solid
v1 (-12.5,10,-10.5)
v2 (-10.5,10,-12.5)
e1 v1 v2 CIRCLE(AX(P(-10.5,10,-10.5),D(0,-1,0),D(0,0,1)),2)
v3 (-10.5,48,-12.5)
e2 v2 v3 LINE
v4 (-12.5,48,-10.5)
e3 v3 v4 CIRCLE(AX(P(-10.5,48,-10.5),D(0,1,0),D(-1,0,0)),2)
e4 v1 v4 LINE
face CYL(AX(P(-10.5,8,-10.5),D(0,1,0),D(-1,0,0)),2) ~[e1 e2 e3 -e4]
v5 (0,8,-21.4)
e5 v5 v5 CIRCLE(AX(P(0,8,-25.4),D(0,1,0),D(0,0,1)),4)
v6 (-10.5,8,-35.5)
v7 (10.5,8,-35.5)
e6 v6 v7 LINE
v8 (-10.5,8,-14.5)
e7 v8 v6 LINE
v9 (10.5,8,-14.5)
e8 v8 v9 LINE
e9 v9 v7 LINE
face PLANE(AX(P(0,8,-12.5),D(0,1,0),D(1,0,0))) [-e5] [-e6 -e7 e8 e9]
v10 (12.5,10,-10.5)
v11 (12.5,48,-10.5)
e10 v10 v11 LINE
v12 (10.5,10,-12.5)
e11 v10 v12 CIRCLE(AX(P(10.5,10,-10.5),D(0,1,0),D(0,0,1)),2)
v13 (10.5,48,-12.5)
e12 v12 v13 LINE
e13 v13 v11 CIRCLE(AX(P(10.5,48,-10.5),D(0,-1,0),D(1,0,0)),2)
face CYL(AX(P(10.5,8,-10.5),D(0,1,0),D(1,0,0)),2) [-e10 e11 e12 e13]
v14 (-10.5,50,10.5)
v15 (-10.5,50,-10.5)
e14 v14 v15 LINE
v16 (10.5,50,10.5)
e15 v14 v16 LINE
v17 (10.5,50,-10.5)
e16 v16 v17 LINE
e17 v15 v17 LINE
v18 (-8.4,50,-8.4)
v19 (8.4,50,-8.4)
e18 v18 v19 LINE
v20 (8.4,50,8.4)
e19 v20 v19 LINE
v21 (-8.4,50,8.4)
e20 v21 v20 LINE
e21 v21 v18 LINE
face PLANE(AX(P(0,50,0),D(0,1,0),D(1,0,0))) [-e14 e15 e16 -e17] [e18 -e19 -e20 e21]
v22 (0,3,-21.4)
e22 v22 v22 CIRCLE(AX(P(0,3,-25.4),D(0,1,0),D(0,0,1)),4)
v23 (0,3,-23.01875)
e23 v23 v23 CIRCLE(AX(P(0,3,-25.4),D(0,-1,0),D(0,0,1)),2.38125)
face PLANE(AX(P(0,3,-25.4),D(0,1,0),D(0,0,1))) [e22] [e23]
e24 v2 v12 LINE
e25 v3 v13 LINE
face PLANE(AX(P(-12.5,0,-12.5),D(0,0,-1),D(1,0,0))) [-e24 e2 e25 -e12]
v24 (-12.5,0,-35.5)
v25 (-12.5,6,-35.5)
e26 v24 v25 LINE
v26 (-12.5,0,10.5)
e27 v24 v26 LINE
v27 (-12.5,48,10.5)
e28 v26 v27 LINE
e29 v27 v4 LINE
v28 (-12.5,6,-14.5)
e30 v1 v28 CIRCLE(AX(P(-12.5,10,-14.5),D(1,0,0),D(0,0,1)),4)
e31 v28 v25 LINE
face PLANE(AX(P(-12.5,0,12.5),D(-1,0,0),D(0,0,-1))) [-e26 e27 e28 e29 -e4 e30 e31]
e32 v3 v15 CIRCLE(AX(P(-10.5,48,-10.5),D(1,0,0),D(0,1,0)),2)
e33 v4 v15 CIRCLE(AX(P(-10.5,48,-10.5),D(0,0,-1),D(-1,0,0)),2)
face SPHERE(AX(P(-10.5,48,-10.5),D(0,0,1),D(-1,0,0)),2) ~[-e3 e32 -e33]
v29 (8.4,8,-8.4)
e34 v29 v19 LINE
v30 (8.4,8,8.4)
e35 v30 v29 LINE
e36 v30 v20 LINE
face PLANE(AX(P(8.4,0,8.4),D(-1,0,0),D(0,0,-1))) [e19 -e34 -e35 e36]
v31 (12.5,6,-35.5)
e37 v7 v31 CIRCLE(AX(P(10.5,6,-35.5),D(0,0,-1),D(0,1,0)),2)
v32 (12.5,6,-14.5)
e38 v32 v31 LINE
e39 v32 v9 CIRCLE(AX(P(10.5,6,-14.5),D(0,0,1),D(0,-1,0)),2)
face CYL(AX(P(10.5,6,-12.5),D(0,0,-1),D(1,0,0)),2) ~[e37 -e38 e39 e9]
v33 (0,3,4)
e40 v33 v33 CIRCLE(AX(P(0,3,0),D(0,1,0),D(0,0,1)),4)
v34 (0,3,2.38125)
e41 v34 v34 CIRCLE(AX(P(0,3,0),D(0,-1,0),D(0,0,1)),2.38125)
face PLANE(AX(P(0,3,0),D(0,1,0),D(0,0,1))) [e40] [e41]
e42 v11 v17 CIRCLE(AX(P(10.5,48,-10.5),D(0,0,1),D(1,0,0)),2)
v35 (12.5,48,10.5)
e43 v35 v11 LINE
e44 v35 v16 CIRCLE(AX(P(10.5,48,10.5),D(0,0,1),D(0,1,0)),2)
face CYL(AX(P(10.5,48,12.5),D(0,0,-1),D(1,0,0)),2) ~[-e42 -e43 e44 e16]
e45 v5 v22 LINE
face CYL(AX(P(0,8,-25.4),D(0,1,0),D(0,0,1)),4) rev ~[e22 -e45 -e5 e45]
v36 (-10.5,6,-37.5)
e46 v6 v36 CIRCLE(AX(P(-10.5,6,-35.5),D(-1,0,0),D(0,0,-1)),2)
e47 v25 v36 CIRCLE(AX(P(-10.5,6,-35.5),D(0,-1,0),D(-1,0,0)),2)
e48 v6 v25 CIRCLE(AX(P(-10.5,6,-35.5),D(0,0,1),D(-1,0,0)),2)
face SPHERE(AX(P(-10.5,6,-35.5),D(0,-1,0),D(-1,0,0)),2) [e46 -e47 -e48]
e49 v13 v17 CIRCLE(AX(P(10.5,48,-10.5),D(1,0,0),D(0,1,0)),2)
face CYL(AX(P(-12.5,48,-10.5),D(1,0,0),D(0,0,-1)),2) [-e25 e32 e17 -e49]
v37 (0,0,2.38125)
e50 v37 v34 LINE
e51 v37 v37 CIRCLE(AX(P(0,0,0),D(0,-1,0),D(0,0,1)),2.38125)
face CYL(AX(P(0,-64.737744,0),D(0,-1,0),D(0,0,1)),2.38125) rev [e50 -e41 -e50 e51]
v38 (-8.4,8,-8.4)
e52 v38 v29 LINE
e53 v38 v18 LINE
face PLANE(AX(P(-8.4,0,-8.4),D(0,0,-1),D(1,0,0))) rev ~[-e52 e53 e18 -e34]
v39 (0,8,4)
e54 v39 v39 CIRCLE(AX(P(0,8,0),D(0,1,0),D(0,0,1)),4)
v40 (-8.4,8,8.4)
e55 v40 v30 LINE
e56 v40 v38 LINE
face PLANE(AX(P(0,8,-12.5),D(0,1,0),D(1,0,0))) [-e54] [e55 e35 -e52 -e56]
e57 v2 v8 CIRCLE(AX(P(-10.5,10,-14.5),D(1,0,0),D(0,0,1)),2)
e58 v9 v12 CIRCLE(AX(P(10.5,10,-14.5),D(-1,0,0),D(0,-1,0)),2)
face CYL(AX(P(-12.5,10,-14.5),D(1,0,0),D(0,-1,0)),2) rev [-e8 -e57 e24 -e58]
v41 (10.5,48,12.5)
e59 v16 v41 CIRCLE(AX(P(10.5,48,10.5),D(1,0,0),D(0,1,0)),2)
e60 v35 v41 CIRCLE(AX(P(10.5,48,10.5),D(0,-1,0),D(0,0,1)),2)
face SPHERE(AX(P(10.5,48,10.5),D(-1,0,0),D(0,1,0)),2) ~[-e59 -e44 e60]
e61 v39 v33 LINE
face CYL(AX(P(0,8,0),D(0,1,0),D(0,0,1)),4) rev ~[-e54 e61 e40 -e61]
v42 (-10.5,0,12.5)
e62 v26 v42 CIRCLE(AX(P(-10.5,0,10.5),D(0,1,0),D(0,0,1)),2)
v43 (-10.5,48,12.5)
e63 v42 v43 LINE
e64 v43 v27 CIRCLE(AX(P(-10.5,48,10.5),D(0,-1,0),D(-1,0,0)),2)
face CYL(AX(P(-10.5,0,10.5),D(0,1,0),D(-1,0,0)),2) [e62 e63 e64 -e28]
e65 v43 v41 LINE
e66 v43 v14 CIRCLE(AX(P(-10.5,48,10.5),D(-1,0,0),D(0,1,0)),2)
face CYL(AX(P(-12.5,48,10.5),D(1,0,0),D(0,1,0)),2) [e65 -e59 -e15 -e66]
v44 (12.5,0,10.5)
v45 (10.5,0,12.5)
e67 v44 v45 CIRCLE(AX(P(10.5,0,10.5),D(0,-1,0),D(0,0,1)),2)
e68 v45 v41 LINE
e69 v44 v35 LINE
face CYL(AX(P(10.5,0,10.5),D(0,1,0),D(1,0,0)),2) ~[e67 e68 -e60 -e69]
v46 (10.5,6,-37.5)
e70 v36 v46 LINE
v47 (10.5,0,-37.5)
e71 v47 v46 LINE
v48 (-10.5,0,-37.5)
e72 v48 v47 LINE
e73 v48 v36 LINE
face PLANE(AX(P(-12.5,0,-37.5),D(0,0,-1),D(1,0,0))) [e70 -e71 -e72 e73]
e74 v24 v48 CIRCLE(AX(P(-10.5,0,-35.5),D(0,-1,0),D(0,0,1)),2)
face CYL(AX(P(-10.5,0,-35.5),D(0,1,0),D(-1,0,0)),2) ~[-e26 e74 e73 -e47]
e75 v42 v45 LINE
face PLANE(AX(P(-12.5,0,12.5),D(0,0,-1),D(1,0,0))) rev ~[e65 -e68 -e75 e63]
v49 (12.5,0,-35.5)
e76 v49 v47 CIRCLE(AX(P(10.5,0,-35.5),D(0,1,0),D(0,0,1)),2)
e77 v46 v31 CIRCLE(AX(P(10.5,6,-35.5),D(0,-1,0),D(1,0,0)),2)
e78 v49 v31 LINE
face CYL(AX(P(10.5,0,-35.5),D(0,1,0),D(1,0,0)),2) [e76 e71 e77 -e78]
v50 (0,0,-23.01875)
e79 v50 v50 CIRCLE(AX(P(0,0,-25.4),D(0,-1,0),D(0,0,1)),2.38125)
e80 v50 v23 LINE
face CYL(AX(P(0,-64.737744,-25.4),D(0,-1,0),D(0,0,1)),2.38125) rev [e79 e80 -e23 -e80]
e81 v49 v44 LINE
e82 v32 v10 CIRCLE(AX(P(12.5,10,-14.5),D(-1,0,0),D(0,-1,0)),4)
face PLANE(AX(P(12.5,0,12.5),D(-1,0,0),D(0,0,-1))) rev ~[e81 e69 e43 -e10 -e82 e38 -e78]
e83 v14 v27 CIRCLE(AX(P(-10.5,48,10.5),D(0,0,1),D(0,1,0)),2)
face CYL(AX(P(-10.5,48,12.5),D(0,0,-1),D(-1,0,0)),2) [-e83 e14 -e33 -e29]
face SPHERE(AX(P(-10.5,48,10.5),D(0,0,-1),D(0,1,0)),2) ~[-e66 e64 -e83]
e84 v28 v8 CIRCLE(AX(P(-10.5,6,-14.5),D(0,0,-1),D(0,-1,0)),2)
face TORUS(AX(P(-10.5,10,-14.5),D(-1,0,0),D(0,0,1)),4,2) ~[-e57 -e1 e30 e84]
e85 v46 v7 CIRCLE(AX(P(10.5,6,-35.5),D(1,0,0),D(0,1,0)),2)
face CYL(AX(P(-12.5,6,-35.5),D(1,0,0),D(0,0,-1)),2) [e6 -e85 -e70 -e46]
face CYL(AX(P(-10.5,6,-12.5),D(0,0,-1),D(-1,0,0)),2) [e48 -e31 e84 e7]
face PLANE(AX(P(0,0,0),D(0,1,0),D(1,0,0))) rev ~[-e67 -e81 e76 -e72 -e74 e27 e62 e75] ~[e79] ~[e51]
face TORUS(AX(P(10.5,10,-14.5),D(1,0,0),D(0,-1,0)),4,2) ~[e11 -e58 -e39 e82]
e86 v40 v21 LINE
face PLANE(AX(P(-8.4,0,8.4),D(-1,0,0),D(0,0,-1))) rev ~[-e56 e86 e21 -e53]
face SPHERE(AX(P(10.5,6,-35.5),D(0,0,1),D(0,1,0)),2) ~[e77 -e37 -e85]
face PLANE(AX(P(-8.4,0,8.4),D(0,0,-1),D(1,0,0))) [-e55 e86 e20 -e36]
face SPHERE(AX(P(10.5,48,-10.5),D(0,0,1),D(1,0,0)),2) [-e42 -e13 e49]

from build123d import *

# Parameters (mm, degrees)
SKETCH1_W               = 25
SKETCH1_H               = 25
SKETCH1_W_2             = 16.8
SKETCH1_H_2             = 16.8
BOSS_EXTRUDE1_DEPTH     = 50
SKETCH6_W               = 25
SKETCH6_H               = 50
BOSS_EXTRUDE3_DEPTH     = 8
FILLET2_R               = 2
SKETCH7_R               = 4
CUT_EXTRUDE1_DEPTH      = 5
CUT_EXTRUDE4_DEPTH      = 64.73774392
CUT_EXTRUDE4_DEPTH_BACK = 64.73774392
SKETCH8_R               = 2.38125


with BuildPart() as part:
    # Sketch1 → Boss-Extrude1 (new body)
    with BuildSketch(Plane(origin=(0, 0, 0), x_dir=(1, 0, 0), z_dir=(0, 1, 0))):
        Rectangle(SKETCH1_W, SKETCH1_H)
        Rectangle(SKETCH1_W_2, SKETCH1_H_2, mode=Mode.SUBTRACT)
    extrude(amount=BOSS_EXTRUDE1_DEPTH)

    # Sketch6 → Boss-Extrude3 (add)
    with BuildSketch(Plane(origin=(0, 0, 0), x_dir=(1, 0, 0), z_dir=(0, 1, 0))):
        with Locations((0, 12.5)):
            Rectangle(SKETCH6_W, SKETCH6_H)
    extrude(amount=BOSS_EXTRUDE3_DEPTH)

    # Fillet2
    fillet2_edges = [part.edges().sort_by_distance(p)[0] for p in [
        (-12.5, 50, 0),
        (0, 50, 12.5),
        (-12.5, 4, -37.5),
        (-12.5, 8, -25),
        (0, 8, -12.5),
        (12.5, 8, -25),
        (0, 8, -37.5),
        (12.5, 4, -37.5),
        (12.5, 50, 0),
        (12.5, 25, 12.5),
        (-12.5, 25, 12.5),
        (-12.5, 29, -12.5),
        (12.5, 29, -12.5),
        (0, 50, -12.5),
    ]]
    fillet(fillet2_edges, radius=FILLET2_R)

    # Sketch7 → Cut-Extrude1 (cut)
    with BuildSketch(Plane(origin=(0, 8, 0), x_dir=(1, 0, 0), z_dir=(0, 1, 0))):
        with Locations(Location((0, 0, 0), (0, 0, 270))):
            Circle(SKETCH7_R)
        with Locations(Location((0, 25.4, 0), (0, 0, 270))):
            Circle(SKETCH7_R)
    extrude(amount=-CUT_EXTRUDE1_DEPTH, mode=Mode.SUBTRACT)

    # Sketch8 → Cut-Extrude4 (cut, two sides: drawn at the far end of the back side and taken through both)
    with BuildSketch(Plane(origin=(0, 0, 0), x_dir=(1, 0, 0), z_dir=(0, 1, 0)).offset(-CUT_EXTRUDE4_DEPTH_BACK)):
        with Locations(Location((0, 0, 0), (0, 0, 270))):
            Circle(SKETCH8_R)
        with Locations(Location((0, 25.4, 0), (0, 0, 270))):
            Circle(SKETCH8_R)
    extrude(amount=CUT_EXTRUDE4_DEPTH + CUT_EXTRUDE4_DEPTH_BACK, mode=Mode.SUBTRACT)


solid = part.part
